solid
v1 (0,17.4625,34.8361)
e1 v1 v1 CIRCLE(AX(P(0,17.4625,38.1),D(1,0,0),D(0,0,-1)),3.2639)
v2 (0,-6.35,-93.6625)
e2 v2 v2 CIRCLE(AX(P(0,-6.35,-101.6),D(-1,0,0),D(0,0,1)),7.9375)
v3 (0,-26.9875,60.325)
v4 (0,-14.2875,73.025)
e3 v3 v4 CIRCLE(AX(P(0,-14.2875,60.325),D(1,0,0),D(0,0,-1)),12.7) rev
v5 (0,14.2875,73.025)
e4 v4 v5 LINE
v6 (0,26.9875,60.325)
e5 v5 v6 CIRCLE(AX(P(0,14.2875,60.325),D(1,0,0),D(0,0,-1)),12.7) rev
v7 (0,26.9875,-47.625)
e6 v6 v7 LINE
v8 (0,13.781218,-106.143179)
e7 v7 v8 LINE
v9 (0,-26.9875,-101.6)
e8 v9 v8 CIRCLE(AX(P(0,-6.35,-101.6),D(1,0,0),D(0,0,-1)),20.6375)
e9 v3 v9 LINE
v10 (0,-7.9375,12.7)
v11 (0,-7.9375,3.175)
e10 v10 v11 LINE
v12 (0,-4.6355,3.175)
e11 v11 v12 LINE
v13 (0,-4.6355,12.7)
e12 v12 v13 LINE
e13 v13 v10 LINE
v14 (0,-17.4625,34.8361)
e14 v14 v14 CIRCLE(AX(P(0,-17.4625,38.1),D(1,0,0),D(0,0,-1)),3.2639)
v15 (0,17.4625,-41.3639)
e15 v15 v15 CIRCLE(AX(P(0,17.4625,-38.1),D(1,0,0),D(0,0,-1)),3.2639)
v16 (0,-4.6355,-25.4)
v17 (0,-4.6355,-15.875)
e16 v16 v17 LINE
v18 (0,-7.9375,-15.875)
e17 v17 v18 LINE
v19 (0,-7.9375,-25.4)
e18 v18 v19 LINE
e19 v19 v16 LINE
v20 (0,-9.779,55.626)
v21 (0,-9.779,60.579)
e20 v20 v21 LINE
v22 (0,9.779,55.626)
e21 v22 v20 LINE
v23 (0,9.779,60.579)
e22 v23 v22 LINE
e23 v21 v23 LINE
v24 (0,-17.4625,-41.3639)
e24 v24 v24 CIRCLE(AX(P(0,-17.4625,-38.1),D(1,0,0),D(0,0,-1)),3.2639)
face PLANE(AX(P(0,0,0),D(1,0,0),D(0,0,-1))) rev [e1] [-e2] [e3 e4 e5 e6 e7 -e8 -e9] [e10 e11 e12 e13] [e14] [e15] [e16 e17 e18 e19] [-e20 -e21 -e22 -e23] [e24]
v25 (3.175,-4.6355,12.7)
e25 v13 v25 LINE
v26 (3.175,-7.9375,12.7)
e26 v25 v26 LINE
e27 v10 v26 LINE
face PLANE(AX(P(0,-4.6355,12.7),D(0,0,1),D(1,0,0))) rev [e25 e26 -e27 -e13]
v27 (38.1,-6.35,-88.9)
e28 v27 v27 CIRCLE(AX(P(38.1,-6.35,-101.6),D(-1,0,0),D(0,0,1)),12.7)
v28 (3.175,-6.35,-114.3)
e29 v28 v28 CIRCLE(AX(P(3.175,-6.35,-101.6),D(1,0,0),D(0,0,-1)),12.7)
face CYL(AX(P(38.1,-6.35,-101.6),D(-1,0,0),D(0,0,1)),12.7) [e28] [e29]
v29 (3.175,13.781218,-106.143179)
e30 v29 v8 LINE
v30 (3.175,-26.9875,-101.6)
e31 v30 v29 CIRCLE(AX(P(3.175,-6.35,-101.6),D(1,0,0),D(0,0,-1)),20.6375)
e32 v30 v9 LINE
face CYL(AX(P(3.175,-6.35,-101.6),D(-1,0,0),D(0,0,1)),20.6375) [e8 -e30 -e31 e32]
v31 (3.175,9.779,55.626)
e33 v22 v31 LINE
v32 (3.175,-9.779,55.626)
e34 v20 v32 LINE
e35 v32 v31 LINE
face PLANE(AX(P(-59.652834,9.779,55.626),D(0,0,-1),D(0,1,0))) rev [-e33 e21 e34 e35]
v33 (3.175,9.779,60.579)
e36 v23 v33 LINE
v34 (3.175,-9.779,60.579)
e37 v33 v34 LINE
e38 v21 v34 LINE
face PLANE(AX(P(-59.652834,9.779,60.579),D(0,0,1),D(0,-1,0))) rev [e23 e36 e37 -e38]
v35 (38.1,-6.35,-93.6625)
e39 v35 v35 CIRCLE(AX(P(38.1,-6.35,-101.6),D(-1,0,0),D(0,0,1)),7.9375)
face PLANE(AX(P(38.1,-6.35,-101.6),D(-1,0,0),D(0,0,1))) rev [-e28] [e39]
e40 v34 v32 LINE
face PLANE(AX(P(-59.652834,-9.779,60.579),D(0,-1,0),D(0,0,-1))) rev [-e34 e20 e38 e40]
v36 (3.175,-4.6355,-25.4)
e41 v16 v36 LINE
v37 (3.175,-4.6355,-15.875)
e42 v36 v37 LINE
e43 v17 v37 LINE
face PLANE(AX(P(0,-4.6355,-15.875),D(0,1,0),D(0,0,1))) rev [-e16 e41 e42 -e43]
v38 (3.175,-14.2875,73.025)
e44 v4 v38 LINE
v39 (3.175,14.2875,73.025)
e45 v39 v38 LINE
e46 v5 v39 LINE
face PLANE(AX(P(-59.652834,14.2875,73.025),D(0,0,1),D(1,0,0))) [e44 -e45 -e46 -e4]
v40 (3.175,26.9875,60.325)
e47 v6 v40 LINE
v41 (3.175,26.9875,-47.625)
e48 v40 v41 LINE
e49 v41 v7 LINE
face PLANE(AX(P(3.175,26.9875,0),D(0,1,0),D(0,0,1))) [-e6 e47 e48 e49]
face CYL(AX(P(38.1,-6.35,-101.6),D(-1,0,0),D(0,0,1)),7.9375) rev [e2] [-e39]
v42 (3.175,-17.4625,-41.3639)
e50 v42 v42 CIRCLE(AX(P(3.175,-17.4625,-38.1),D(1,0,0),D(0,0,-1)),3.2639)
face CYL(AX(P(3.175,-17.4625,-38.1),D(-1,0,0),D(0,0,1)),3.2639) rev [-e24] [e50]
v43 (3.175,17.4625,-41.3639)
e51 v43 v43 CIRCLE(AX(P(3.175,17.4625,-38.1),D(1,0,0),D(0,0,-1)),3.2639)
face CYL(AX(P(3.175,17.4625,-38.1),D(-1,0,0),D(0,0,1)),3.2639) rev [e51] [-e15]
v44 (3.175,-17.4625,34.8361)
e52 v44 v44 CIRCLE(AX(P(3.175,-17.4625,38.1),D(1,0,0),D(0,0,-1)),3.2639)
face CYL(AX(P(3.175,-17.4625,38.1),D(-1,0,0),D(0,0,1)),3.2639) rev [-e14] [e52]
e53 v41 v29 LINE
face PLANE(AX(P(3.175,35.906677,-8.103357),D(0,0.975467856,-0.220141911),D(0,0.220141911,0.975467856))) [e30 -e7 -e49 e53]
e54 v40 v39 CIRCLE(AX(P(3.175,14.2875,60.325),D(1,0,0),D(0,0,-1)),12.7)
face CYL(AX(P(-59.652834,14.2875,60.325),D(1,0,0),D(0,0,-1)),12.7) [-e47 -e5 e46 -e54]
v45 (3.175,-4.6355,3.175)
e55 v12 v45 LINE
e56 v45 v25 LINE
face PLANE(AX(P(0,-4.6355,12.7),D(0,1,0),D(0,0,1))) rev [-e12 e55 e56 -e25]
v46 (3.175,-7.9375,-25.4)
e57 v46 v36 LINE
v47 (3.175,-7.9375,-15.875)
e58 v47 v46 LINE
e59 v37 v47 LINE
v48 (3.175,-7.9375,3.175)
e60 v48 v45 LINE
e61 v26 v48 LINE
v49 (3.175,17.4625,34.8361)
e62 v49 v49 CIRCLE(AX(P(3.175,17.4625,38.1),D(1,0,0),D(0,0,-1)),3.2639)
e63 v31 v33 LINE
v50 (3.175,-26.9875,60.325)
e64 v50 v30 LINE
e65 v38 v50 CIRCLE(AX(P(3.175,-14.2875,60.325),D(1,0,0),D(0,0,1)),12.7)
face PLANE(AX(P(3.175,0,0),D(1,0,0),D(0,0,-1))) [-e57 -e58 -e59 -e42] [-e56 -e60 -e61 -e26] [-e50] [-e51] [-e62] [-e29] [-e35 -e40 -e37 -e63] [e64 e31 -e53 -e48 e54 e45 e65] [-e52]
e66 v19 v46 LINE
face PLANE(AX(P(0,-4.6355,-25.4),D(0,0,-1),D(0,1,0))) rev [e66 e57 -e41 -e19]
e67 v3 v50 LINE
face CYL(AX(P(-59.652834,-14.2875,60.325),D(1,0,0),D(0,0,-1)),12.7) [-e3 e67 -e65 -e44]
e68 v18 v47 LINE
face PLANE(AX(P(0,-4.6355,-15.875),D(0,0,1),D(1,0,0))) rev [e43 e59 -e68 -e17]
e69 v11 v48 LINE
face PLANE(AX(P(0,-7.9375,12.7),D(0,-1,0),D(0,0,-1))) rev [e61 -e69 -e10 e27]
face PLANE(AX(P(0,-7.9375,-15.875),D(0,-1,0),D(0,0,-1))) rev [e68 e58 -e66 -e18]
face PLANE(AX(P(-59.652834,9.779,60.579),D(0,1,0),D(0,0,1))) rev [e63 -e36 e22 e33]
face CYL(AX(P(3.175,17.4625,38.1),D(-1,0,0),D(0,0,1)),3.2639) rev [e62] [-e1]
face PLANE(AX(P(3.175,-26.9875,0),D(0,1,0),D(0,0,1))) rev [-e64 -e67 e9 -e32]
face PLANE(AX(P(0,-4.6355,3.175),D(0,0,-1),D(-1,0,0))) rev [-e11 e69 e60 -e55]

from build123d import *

# Parameters (mm, degrees)
SKETCH1_R           = 3.2639
SKETCH1_R_2         = 12.7
BOSS_EXTRUDE1_DEPTH = 3.175
SKETCH2_R           = 12.7
SKETCH2_R_2         = 7.9375
BOSS_EXTRUDE2_DEPTH = 38.1
SKETCH4_W           = 4.953
SKETCH4_H           = 19.558
BOSS_EXTRUDE3_DEPTH = 3.175
SKETCH5_W           = 9.525
SKETCH5_H           = 3.302
CUT_EXTRUDE1_DEPTH  = 4.175


with BuildPart() as part:
    # Sketch1 → Boss-Extrude1 (new body)
    with BuildSketch(Plane(origin=(0, 0, 0), x_dir=(0, 0, -1), z_dir=(1, 0, 0))):
        with BuildLine():
            Line((106.143178695, 13.781217887), (47.625, 26.9875))
            Line((47.625, 26.9875), (-47.625, 26.9875))
            Line((-47.625, 26.9875), (-47.625, -26.9875))
            Line((-47.625, -26.9875), (101.6, -26.9875))
            ThreePointArc((101.6, -26.9875), (122.110538942, -8.635650576), (106.143178695, 13.781217887))
        make_face()
        with Locations((38.1, 17.4625)):
            Circle(SKETCH1_R, mode=Mode.SUBTRACT)
        with Locations((38.1, -17.4625)):
            Circle(SKETCH1_R, mode=Mode.SUBTRACT)
        with Locations((-38.1, -17.4625)):
            Circle(SKETCH1_R, mode=Mode.SUBTRACT)
        with Locations((-38.1, 17.4625)):
            Circle(SKETCH1_R, mode=Mode.SUBTRACT)
        with Locations((101.6, -6.35)):
            Circle(SKETCH1_R_2, mode=Mode.SUBTRACT)
    extrude(amount=BOSS_EXTRUDE1_DEPTH)

    # Sketch2 → Boss-Extrude2 (add)
    with BuildSketch(Plane.ZY):
        with Locations((-101.6, -6.35)):
            Circle(SKETCH2_R)
        with Locations((-101.6, -6.35)):
            Circle(SKETCH2_R_2, mode=Mode.SUBTRACT)
    extrude(amount=-BOSS_EXTRUDE2_DEPTH)

    # Sketch4 → Boss-Extrude3 (add)
    with BuildSketch(Plane(origin=(3.175, 0, 0), x_dir=(0, 0, -1), z_dir=(1, 0, 0))):
        with BuildLine():
            Line((-47.625, 26.9875), (-60.325, 26.9875))
            ThreePointArc((-60.325, 26.9875), (-69.305256121, 23.267756121), (-73.025, 14.2875))
            Line((-73.025, 14.2875), (-73.025, -14.2875))
            ThreePointArc((-73.025, -14.2875), (-69.305256121, -23.267756121), (-60.325, -26.9875))
            Line((-60.325, -26.9875), (-47.625, -26.9875))
            Line((-47.625, -26.9875), (-47.625, 26.9875))
        make_face()
        with Locations((-58.1025, 0)):
            Rectangle(SKETCH4_W, SKETCH4_H, mode=Mode.SUBTRACT)
    extrude(amount=-BOSS_EXTRUDE3_DEPTH)

    # Sketch5 → Cut-Extrude1 (cut, through all)
    with BuildSketch(Plane(origin=(3.175, 0, 0), x_dir=(0, 0, -1), z_dir=(1, 0, 0))):
        with Locations((20.6375, -6.2865)):
            Rectangle(SKETCH5_W, SKETCH5_H)
        with Locations((-7.9375, -6.2865)):
            Rectangle(SKETCH5_W, SKETCH5_H)
    extrude(amount=-CUT_EXTRUDE1_DEPTH, mode=Mode.SUBTRACT)


solid = part.part
